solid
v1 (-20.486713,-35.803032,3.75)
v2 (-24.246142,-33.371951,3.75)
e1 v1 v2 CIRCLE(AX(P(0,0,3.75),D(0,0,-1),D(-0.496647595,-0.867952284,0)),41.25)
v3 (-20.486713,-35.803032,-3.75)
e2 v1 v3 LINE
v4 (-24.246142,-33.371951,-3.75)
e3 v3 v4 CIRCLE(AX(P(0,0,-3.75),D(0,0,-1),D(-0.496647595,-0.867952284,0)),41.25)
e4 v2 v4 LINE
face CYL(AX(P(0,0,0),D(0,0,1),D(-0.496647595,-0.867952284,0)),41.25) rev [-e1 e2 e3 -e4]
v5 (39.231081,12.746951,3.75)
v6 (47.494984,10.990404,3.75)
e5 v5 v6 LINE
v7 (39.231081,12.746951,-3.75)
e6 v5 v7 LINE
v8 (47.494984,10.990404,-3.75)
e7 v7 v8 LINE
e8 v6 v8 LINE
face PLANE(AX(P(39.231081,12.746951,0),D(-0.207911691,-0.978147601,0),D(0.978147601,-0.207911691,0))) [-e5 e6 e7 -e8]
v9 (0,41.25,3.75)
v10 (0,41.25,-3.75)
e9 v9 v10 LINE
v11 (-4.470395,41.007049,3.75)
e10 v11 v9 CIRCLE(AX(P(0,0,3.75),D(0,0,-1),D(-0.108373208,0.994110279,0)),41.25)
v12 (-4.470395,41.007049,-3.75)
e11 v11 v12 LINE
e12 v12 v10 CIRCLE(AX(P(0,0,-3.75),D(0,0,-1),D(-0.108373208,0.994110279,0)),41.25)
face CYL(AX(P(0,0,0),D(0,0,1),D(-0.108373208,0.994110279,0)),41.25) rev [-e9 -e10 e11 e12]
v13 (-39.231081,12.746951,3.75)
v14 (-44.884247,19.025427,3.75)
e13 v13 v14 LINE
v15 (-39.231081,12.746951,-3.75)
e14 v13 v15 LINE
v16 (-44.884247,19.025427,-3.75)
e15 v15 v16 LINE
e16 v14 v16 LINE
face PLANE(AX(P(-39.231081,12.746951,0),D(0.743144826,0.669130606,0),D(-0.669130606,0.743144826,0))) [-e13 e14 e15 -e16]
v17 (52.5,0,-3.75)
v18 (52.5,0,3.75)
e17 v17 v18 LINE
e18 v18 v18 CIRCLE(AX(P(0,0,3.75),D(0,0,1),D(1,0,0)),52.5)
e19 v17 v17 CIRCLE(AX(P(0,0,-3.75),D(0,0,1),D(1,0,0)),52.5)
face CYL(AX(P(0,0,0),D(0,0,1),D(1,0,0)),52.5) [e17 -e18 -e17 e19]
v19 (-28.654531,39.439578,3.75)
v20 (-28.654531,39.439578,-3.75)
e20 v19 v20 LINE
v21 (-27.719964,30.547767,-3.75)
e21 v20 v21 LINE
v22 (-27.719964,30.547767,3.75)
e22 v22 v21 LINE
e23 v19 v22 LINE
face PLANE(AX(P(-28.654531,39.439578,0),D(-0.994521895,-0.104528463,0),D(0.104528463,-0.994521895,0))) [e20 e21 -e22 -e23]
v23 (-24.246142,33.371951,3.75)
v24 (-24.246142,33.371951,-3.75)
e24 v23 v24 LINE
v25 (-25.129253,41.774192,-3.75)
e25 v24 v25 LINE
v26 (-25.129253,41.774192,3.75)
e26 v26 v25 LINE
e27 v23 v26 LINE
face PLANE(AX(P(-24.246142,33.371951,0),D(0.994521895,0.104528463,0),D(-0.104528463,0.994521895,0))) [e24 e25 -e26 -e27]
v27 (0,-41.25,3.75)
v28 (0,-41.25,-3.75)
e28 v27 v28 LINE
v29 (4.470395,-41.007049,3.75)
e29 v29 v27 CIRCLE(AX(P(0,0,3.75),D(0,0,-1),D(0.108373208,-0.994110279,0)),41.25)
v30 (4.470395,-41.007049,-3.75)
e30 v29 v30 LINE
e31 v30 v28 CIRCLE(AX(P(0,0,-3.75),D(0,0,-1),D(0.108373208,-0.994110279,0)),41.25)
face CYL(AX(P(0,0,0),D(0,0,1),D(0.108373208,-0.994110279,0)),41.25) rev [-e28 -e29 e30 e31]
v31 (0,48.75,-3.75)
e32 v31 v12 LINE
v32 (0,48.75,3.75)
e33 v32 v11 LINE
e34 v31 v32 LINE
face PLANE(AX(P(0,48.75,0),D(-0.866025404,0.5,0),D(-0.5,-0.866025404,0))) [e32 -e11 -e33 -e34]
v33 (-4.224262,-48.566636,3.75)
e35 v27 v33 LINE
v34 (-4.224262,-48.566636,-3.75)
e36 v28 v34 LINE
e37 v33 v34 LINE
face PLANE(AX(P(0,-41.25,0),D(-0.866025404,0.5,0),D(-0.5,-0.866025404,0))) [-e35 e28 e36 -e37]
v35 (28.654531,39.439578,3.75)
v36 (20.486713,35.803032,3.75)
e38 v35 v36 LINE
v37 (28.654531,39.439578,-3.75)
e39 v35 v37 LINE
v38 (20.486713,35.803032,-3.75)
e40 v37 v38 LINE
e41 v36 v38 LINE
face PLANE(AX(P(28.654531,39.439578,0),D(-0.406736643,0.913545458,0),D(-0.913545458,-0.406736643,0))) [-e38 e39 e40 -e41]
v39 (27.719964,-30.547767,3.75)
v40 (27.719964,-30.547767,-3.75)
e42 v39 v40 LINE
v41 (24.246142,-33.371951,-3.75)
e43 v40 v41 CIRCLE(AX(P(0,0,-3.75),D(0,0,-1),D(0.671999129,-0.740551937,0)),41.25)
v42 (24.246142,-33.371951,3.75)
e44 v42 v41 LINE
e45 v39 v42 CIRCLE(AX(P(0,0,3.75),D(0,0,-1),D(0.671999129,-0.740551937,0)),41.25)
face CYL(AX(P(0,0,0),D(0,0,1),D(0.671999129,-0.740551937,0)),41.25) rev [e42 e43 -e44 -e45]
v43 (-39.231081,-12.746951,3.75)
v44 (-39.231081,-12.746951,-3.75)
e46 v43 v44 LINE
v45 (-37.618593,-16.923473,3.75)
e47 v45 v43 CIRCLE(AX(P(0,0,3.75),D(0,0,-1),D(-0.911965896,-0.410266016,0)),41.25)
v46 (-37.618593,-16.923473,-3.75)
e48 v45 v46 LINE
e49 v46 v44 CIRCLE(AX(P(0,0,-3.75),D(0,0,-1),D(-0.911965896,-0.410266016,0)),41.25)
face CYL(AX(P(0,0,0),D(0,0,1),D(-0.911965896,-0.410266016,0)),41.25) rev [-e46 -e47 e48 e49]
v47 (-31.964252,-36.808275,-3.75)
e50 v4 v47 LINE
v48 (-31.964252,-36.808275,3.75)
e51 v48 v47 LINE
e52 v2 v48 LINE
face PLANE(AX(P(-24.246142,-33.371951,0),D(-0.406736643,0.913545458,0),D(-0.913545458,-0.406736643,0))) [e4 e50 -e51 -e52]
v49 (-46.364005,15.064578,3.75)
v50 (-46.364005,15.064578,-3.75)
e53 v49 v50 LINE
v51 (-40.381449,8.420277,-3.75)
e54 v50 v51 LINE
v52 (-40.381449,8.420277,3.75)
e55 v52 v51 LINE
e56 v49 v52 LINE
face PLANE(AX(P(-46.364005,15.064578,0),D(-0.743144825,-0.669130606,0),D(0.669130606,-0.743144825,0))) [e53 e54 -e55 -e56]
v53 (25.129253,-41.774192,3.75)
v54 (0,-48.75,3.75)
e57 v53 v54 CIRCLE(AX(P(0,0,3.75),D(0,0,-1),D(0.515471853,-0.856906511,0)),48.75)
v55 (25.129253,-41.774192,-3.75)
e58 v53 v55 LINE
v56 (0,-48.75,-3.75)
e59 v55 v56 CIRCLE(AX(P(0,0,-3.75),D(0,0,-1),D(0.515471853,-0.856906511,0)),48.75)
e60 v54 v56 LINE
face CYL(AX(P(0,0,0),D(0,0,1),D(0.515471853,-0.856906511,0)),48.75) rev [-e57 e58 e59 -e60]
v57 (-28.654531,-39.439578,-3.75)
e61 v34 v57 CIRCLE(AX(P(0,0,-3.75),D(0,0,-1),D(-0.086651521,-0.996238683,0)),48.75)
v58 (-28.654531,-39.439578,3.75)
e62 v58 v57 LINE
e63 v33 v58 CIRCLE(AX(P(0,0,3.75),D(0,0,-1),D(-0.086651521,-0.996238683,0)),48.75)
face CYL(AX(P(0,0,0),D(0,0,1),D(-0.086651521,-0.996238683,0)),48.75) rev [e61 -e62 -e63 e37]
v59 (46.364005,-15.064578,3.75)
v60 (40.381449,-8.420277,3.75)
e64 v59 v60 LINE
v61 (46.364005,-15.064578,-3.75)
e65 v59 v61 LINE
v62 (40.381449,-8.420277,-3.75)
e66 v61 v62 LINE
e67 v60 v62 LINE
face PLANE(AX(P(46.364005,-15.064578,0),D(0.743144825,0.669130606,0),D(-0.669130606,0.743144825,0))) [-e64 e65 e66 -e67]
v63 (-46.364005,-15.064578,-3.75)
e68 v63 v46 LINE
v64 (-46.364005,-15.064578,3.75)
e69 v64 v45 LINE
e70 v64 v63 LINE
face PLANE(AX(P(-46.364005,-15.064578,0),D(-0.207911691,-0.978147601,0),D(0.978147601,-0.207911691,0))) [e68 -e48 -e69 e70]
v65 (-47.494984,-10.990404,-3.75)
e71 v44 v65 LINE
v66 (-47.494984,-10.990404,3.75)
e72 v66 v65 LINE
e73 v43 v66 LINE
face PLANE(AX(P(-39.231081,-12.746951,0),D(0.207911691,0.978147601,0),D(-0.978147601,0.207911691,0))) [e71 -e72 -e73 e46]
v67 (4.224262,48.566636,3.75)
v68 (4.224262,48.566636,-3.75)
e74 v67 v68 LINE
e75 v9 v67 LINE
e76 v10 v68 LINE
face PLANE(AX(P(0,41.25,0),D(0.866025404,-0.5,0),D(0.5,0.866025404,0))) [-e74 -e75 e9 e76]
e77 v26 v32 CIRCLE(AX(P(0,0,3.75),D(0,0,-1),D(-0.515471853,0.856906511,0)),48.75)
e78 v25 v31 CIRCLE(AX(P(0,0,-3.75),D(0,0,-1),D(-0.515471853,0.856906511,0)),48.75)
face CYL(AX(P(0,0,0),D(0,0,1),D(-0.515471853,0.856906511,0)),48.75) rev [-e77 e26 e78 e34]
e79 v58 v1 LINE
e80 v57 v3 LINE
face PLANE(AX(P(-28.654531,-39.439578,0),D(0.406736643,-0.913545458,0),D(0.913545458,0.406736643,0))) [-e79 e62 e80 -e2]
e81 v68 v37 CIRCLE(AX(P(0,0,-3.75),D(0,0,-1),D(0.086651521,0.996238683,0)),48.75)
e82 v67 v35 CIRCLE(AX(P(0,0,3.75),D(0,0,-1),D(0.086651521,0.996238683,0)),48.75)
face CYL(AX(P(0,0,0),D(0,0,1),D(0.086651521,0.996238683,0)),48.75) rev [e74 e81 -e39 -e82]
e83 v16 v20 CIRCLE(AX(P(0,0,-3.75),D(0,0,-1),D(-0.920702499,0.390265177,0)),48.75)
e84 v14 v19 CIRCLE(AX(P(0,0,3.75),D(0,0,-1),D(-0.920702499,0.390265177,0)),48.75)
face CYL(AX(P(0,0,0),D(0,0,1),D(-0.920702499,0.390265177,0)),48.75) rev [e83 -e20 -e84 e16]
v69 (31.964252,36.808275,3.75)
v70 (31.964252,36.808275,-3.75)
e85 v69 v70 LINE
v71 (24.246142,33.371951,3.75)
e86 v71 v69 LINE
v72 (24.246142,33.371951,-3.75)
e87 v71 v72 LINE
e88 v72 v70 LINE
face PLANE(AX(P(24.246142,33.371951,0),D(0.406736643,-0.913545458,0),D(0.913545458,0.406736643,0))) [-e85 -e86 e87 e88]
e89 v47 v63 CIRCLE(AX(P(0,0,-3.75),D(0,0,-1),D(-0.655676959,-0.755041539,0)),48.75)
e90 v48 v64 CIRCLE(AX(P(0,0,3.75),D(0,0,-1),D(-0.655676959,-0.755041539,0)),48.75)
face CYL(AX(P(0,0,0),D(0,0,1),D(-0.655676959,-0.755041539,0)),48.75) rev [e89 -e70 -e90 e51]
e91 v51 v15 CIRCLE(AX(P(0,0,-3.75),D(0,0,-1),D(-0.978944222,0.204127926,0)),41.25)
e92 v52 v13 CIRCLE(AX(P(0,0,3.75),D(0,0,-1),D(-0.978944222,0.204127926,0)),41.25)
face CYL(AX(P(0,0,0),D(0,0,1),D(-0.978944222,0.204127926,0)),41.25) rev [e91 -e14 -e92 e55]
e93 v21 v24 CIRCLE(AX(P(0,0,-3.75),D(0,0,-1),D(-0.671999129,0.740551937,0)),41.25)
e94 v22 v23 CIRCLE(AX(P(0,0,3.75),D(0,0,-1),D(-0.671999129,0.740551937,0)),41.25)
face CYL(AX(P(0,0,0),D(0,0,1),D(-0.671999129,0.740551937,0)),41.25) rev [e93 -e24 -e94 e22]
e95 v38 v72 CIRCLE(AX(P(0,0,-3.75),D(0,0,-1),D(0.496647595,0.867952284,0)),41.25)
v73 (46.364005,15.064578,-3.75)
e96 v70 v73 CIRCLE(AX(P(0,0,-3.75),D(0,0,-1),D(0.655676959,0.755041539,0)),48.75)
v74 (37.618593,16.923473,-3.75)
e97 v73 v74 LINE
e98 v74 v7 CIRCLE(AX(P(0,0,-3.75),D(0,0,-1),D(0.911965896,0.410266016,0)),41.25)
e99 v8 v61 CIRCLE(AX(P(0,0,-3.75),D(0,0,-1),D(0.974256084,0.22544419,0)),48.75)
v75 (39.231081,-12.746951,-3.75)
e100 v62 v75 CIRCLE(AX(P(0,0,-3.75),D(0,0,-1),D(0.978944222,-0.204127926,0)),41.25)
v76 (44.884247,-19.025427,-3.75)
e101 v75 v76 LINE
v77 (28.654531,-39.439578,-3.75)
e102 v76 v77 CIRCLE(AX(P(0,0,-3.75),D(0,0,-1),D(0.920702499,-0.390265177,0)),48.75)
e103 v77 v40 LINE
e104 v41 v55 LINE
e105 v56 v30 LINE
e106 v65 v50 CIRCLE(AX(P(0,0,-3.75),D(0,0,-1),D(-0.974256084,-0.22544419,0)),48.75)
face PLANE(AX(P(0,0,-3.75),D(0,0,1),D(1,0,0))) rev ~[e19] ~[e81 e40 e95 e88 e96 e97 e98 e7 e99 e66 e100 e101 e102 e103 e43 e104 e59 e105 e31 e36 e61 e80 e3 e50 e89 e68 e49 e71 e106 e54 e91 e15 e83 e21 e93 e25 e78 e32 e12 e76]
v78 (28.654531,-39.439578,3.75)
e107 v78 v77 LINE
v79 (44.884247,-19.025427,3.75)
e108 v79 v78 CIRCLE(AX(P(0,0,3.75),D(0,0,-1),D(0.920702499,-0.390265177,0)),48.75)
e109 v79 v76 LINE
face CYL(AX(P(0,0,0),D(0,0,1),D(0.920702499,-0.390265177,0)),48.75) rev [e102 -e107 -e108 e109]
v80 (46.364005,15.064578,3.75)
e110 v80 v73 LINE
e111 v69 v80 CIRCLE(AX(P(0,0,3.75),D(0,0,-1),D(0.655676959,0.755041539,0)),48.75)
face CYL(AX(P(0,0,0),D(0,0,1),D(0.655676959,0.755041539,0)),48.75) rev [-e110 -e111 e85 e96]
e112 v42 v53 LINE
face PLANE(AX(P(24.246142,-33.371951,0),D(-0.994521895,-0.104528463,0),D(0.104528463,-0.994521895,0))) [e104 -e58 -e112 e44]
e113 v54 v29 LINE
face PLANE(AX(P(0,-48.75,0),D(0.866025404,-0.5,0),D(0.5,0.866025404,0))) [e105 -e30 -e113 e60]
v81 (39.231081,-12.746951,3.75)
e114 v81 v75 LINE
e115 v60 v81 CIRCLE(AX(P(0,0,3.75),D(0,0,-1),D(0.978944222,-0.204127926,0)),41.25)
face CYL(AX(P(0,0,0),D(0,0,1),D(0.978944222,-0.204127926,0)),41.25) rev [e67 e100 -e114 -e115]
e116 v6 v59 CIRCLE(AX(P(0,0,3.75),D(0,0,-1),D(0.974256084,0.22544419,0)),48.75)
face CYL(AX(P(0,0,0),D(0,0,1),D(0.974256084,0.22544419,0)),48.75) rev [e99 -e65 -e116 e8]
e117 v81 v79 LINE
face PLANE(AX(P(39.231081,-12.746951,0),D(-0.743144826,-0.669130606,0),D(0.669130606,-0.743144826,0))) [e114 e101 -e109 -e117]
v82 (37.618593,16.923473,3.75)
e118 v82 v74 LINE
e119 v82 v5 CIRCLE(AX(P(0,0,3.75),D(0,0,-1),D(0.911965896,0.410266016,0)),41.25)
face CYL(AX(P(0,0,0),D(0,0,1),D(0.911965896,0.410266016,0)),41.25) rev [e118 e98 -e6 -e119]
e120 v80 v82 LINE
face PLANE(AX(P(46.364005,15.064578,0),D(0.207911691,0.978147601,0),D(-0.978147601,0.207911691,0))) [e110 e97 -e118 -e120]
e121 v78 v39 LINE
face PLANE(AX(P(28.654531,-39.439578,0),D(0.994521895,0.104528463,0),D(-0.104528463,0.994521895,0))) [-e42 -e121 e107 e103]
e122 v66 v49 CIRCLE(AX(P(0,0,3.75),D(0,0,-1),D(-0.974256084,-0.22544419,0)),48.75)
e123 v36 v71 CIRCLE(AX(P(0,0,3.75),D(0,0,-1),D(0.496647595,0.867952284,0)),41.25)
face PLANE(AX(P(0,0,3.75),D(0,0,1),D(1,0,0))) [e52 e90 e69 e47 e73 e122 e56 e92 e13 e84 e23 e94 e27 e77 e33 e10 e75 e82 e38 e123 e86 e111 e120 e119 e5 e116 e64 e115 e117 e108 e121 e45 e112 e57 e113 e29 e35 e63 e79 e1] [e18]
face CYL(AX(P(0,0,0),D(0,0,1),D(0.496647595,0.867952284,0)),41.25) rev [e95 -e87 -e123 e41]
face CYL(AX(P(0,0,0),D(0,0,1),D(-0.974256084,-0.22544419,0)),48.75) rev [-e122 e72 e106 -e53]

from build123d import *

# Parameters (mm, degrees)
SKETCH1_R           = 35
BOSS_EXTRUDE2_DEPTH = 2.5
SCALE1_SCALE        = 1.5


with BuildPart() as part:
    # Sketch1 → Boss-Extrude2 (new, symmetric)
    with BuildSketch(Plane.XY):
        Circle(SKETCH1_R)
        with BuildLine():
            Line((0, 32.5), (-2.980263218, 27.338032686))
            ThreePointArc((-2.980263218, 27.338032686), (-1.492330582, 27.459478317), (0, 27.5))
            Line((0, 27.5), (2.816174435, 32.377757204))
            ThreePointArc((2.816174435, 32.377757204), (11.374035661, 30.444725533), (19.1030207, 26.293052317))
            Line((19.1030207, 26.293052317), (13.657808848, 23.868687803))
            ThreePointArc((13.657808848, 23.868687803), (14.932955588, 23.092354522), (16.164094438, 22.247967345))
            Line((16.164094438, 22.247967345), (21.309501164, 24.538850017))
            ThreePointArc((21.309501164, 24.538850017), (27.096748823, 17.944809925), (30.90933678, 10.043052317))
            Line((30.90933678, 10.043052317), (25.079062147, 11.282315447))
            ThreePointArc((25.079062147, 11.282315447), (25.654360276, 9.904736181), (26.154054198, 8.497967345))
            Line((26.154054198, 8.497967345), (31.663322731, 7.326936169))
            ThreePointArc((31.663322731, 7.326936169), (32.469424919, -1.409413153), (30.90933678, -10.043052317))
            Line((30.90933678, -10.043052317), (26.920966111, -5.613517939))
            ThreePointArc((26.920966111, -5.613517939), (26.576671298, -7.066154732), (26.154054198, -8.497967345))
            Line((26.154054198, -8.497967345), (29.922831212, -12.683618263))
            ThreePointArc((29.922831212, -12.683618263), (25.439884291, -20.225288311), (19.1030207, -26.293052317))
            Line((19.1030207, -26.293052317), (18.479976031, -20.365178268))
            ThreePointArc((18.479976031, -20.365178268), (17.347597192, -21.338014708), (16.164094438, -22.247967345))
            Line((16.164094438, -22.247967345), (16.75283521, -27.849461618))
            ThreePointArc((16.75283521, -27.849461618), (8.693172534, -31.315790766), (0, -32.5))
            Line((0, -32.5), (2.980263218, -27.338032686))
            ThreePointArc((2.980263218, -27.338032686), (1.492330582, -27.459478317), (0, -27.5))
            Line((0, -27.5), (-2.816174435, -32.377757204))
            ThreePointArc((-2.816174435, -32.377757204), (-11.374035661, -30.444725533), (-19.1030207, -26.293052317))
            Line((-19.1030207, -26.293052317), (-13.657808848, -23.868687803))
            ThreePointArc((-13.657808848, -23.868687803), (-14.932955588, -23.092354522), (-16.164094438, -22.247967345))
            Line((-16.164094438, -22.247967345), (-21.309501164, -24.538850017))
            ThreePointArc((-21.309501164, -24.538850017), (-27.096748823, -17.944809925), (-30.90933678, -10.043052317))
            Line((-30.90933678, -10.043052317), (-25.079062147, -11.282315447))
            ThreePointArc((-25.079062147, -11.282315447), (-25.654360276, -9.904736181), (-26.154054198, -8.497967345))
            Line((-26.154054198, -8.497967345), (-31.663322731, -7.326936169))
            ThreePointArc((-31.663322731, -7.326936169), (-32.469424919, 1.409413153), (-30.90933678, 10.043052317))
            Line((-30.90933678, 10.043052317), (-26.920966111, 5.613517939))
            ThreePointArc((-26.920966111, 5.613517939), (-26.576671298, 7.066154732), (-26.154054198, 8.497967345))
            Line((-26.154054198, 8.497967345), (-29.922831212, 12.683618263))
            ThreePointArc((-29.922831212, 12.683618263), (-25.439884291, 20.225288311), (-19.1030207, 26.293052317))
            Line((-19.1030207, 26.293052317), (-18.479976031, 20.365178268))
            ThreePointArc((-18.479976031, 20.365178268), (-17.347597192, 21.338014708), (-16.164094438, 22.247967345))
            Line((-16.164094438, 22.247967345), (-16.75283521, 27.849461618))
            ThreePointArc((-16.75283521, 27.849461618), (-8.693172534, 31.315790766), (0, 32.5))
        make_face(mode=Mode.SUBTRACT)
    extrude(amount=BOSS_EXTRUDE2_DEPTH, both=True)


with BuildPart() as part_1:
    # Scale1: scaled about (0, 0, 0)
    add(part.part.scale(SCALE1_SCALE))


solid = part_1.part
